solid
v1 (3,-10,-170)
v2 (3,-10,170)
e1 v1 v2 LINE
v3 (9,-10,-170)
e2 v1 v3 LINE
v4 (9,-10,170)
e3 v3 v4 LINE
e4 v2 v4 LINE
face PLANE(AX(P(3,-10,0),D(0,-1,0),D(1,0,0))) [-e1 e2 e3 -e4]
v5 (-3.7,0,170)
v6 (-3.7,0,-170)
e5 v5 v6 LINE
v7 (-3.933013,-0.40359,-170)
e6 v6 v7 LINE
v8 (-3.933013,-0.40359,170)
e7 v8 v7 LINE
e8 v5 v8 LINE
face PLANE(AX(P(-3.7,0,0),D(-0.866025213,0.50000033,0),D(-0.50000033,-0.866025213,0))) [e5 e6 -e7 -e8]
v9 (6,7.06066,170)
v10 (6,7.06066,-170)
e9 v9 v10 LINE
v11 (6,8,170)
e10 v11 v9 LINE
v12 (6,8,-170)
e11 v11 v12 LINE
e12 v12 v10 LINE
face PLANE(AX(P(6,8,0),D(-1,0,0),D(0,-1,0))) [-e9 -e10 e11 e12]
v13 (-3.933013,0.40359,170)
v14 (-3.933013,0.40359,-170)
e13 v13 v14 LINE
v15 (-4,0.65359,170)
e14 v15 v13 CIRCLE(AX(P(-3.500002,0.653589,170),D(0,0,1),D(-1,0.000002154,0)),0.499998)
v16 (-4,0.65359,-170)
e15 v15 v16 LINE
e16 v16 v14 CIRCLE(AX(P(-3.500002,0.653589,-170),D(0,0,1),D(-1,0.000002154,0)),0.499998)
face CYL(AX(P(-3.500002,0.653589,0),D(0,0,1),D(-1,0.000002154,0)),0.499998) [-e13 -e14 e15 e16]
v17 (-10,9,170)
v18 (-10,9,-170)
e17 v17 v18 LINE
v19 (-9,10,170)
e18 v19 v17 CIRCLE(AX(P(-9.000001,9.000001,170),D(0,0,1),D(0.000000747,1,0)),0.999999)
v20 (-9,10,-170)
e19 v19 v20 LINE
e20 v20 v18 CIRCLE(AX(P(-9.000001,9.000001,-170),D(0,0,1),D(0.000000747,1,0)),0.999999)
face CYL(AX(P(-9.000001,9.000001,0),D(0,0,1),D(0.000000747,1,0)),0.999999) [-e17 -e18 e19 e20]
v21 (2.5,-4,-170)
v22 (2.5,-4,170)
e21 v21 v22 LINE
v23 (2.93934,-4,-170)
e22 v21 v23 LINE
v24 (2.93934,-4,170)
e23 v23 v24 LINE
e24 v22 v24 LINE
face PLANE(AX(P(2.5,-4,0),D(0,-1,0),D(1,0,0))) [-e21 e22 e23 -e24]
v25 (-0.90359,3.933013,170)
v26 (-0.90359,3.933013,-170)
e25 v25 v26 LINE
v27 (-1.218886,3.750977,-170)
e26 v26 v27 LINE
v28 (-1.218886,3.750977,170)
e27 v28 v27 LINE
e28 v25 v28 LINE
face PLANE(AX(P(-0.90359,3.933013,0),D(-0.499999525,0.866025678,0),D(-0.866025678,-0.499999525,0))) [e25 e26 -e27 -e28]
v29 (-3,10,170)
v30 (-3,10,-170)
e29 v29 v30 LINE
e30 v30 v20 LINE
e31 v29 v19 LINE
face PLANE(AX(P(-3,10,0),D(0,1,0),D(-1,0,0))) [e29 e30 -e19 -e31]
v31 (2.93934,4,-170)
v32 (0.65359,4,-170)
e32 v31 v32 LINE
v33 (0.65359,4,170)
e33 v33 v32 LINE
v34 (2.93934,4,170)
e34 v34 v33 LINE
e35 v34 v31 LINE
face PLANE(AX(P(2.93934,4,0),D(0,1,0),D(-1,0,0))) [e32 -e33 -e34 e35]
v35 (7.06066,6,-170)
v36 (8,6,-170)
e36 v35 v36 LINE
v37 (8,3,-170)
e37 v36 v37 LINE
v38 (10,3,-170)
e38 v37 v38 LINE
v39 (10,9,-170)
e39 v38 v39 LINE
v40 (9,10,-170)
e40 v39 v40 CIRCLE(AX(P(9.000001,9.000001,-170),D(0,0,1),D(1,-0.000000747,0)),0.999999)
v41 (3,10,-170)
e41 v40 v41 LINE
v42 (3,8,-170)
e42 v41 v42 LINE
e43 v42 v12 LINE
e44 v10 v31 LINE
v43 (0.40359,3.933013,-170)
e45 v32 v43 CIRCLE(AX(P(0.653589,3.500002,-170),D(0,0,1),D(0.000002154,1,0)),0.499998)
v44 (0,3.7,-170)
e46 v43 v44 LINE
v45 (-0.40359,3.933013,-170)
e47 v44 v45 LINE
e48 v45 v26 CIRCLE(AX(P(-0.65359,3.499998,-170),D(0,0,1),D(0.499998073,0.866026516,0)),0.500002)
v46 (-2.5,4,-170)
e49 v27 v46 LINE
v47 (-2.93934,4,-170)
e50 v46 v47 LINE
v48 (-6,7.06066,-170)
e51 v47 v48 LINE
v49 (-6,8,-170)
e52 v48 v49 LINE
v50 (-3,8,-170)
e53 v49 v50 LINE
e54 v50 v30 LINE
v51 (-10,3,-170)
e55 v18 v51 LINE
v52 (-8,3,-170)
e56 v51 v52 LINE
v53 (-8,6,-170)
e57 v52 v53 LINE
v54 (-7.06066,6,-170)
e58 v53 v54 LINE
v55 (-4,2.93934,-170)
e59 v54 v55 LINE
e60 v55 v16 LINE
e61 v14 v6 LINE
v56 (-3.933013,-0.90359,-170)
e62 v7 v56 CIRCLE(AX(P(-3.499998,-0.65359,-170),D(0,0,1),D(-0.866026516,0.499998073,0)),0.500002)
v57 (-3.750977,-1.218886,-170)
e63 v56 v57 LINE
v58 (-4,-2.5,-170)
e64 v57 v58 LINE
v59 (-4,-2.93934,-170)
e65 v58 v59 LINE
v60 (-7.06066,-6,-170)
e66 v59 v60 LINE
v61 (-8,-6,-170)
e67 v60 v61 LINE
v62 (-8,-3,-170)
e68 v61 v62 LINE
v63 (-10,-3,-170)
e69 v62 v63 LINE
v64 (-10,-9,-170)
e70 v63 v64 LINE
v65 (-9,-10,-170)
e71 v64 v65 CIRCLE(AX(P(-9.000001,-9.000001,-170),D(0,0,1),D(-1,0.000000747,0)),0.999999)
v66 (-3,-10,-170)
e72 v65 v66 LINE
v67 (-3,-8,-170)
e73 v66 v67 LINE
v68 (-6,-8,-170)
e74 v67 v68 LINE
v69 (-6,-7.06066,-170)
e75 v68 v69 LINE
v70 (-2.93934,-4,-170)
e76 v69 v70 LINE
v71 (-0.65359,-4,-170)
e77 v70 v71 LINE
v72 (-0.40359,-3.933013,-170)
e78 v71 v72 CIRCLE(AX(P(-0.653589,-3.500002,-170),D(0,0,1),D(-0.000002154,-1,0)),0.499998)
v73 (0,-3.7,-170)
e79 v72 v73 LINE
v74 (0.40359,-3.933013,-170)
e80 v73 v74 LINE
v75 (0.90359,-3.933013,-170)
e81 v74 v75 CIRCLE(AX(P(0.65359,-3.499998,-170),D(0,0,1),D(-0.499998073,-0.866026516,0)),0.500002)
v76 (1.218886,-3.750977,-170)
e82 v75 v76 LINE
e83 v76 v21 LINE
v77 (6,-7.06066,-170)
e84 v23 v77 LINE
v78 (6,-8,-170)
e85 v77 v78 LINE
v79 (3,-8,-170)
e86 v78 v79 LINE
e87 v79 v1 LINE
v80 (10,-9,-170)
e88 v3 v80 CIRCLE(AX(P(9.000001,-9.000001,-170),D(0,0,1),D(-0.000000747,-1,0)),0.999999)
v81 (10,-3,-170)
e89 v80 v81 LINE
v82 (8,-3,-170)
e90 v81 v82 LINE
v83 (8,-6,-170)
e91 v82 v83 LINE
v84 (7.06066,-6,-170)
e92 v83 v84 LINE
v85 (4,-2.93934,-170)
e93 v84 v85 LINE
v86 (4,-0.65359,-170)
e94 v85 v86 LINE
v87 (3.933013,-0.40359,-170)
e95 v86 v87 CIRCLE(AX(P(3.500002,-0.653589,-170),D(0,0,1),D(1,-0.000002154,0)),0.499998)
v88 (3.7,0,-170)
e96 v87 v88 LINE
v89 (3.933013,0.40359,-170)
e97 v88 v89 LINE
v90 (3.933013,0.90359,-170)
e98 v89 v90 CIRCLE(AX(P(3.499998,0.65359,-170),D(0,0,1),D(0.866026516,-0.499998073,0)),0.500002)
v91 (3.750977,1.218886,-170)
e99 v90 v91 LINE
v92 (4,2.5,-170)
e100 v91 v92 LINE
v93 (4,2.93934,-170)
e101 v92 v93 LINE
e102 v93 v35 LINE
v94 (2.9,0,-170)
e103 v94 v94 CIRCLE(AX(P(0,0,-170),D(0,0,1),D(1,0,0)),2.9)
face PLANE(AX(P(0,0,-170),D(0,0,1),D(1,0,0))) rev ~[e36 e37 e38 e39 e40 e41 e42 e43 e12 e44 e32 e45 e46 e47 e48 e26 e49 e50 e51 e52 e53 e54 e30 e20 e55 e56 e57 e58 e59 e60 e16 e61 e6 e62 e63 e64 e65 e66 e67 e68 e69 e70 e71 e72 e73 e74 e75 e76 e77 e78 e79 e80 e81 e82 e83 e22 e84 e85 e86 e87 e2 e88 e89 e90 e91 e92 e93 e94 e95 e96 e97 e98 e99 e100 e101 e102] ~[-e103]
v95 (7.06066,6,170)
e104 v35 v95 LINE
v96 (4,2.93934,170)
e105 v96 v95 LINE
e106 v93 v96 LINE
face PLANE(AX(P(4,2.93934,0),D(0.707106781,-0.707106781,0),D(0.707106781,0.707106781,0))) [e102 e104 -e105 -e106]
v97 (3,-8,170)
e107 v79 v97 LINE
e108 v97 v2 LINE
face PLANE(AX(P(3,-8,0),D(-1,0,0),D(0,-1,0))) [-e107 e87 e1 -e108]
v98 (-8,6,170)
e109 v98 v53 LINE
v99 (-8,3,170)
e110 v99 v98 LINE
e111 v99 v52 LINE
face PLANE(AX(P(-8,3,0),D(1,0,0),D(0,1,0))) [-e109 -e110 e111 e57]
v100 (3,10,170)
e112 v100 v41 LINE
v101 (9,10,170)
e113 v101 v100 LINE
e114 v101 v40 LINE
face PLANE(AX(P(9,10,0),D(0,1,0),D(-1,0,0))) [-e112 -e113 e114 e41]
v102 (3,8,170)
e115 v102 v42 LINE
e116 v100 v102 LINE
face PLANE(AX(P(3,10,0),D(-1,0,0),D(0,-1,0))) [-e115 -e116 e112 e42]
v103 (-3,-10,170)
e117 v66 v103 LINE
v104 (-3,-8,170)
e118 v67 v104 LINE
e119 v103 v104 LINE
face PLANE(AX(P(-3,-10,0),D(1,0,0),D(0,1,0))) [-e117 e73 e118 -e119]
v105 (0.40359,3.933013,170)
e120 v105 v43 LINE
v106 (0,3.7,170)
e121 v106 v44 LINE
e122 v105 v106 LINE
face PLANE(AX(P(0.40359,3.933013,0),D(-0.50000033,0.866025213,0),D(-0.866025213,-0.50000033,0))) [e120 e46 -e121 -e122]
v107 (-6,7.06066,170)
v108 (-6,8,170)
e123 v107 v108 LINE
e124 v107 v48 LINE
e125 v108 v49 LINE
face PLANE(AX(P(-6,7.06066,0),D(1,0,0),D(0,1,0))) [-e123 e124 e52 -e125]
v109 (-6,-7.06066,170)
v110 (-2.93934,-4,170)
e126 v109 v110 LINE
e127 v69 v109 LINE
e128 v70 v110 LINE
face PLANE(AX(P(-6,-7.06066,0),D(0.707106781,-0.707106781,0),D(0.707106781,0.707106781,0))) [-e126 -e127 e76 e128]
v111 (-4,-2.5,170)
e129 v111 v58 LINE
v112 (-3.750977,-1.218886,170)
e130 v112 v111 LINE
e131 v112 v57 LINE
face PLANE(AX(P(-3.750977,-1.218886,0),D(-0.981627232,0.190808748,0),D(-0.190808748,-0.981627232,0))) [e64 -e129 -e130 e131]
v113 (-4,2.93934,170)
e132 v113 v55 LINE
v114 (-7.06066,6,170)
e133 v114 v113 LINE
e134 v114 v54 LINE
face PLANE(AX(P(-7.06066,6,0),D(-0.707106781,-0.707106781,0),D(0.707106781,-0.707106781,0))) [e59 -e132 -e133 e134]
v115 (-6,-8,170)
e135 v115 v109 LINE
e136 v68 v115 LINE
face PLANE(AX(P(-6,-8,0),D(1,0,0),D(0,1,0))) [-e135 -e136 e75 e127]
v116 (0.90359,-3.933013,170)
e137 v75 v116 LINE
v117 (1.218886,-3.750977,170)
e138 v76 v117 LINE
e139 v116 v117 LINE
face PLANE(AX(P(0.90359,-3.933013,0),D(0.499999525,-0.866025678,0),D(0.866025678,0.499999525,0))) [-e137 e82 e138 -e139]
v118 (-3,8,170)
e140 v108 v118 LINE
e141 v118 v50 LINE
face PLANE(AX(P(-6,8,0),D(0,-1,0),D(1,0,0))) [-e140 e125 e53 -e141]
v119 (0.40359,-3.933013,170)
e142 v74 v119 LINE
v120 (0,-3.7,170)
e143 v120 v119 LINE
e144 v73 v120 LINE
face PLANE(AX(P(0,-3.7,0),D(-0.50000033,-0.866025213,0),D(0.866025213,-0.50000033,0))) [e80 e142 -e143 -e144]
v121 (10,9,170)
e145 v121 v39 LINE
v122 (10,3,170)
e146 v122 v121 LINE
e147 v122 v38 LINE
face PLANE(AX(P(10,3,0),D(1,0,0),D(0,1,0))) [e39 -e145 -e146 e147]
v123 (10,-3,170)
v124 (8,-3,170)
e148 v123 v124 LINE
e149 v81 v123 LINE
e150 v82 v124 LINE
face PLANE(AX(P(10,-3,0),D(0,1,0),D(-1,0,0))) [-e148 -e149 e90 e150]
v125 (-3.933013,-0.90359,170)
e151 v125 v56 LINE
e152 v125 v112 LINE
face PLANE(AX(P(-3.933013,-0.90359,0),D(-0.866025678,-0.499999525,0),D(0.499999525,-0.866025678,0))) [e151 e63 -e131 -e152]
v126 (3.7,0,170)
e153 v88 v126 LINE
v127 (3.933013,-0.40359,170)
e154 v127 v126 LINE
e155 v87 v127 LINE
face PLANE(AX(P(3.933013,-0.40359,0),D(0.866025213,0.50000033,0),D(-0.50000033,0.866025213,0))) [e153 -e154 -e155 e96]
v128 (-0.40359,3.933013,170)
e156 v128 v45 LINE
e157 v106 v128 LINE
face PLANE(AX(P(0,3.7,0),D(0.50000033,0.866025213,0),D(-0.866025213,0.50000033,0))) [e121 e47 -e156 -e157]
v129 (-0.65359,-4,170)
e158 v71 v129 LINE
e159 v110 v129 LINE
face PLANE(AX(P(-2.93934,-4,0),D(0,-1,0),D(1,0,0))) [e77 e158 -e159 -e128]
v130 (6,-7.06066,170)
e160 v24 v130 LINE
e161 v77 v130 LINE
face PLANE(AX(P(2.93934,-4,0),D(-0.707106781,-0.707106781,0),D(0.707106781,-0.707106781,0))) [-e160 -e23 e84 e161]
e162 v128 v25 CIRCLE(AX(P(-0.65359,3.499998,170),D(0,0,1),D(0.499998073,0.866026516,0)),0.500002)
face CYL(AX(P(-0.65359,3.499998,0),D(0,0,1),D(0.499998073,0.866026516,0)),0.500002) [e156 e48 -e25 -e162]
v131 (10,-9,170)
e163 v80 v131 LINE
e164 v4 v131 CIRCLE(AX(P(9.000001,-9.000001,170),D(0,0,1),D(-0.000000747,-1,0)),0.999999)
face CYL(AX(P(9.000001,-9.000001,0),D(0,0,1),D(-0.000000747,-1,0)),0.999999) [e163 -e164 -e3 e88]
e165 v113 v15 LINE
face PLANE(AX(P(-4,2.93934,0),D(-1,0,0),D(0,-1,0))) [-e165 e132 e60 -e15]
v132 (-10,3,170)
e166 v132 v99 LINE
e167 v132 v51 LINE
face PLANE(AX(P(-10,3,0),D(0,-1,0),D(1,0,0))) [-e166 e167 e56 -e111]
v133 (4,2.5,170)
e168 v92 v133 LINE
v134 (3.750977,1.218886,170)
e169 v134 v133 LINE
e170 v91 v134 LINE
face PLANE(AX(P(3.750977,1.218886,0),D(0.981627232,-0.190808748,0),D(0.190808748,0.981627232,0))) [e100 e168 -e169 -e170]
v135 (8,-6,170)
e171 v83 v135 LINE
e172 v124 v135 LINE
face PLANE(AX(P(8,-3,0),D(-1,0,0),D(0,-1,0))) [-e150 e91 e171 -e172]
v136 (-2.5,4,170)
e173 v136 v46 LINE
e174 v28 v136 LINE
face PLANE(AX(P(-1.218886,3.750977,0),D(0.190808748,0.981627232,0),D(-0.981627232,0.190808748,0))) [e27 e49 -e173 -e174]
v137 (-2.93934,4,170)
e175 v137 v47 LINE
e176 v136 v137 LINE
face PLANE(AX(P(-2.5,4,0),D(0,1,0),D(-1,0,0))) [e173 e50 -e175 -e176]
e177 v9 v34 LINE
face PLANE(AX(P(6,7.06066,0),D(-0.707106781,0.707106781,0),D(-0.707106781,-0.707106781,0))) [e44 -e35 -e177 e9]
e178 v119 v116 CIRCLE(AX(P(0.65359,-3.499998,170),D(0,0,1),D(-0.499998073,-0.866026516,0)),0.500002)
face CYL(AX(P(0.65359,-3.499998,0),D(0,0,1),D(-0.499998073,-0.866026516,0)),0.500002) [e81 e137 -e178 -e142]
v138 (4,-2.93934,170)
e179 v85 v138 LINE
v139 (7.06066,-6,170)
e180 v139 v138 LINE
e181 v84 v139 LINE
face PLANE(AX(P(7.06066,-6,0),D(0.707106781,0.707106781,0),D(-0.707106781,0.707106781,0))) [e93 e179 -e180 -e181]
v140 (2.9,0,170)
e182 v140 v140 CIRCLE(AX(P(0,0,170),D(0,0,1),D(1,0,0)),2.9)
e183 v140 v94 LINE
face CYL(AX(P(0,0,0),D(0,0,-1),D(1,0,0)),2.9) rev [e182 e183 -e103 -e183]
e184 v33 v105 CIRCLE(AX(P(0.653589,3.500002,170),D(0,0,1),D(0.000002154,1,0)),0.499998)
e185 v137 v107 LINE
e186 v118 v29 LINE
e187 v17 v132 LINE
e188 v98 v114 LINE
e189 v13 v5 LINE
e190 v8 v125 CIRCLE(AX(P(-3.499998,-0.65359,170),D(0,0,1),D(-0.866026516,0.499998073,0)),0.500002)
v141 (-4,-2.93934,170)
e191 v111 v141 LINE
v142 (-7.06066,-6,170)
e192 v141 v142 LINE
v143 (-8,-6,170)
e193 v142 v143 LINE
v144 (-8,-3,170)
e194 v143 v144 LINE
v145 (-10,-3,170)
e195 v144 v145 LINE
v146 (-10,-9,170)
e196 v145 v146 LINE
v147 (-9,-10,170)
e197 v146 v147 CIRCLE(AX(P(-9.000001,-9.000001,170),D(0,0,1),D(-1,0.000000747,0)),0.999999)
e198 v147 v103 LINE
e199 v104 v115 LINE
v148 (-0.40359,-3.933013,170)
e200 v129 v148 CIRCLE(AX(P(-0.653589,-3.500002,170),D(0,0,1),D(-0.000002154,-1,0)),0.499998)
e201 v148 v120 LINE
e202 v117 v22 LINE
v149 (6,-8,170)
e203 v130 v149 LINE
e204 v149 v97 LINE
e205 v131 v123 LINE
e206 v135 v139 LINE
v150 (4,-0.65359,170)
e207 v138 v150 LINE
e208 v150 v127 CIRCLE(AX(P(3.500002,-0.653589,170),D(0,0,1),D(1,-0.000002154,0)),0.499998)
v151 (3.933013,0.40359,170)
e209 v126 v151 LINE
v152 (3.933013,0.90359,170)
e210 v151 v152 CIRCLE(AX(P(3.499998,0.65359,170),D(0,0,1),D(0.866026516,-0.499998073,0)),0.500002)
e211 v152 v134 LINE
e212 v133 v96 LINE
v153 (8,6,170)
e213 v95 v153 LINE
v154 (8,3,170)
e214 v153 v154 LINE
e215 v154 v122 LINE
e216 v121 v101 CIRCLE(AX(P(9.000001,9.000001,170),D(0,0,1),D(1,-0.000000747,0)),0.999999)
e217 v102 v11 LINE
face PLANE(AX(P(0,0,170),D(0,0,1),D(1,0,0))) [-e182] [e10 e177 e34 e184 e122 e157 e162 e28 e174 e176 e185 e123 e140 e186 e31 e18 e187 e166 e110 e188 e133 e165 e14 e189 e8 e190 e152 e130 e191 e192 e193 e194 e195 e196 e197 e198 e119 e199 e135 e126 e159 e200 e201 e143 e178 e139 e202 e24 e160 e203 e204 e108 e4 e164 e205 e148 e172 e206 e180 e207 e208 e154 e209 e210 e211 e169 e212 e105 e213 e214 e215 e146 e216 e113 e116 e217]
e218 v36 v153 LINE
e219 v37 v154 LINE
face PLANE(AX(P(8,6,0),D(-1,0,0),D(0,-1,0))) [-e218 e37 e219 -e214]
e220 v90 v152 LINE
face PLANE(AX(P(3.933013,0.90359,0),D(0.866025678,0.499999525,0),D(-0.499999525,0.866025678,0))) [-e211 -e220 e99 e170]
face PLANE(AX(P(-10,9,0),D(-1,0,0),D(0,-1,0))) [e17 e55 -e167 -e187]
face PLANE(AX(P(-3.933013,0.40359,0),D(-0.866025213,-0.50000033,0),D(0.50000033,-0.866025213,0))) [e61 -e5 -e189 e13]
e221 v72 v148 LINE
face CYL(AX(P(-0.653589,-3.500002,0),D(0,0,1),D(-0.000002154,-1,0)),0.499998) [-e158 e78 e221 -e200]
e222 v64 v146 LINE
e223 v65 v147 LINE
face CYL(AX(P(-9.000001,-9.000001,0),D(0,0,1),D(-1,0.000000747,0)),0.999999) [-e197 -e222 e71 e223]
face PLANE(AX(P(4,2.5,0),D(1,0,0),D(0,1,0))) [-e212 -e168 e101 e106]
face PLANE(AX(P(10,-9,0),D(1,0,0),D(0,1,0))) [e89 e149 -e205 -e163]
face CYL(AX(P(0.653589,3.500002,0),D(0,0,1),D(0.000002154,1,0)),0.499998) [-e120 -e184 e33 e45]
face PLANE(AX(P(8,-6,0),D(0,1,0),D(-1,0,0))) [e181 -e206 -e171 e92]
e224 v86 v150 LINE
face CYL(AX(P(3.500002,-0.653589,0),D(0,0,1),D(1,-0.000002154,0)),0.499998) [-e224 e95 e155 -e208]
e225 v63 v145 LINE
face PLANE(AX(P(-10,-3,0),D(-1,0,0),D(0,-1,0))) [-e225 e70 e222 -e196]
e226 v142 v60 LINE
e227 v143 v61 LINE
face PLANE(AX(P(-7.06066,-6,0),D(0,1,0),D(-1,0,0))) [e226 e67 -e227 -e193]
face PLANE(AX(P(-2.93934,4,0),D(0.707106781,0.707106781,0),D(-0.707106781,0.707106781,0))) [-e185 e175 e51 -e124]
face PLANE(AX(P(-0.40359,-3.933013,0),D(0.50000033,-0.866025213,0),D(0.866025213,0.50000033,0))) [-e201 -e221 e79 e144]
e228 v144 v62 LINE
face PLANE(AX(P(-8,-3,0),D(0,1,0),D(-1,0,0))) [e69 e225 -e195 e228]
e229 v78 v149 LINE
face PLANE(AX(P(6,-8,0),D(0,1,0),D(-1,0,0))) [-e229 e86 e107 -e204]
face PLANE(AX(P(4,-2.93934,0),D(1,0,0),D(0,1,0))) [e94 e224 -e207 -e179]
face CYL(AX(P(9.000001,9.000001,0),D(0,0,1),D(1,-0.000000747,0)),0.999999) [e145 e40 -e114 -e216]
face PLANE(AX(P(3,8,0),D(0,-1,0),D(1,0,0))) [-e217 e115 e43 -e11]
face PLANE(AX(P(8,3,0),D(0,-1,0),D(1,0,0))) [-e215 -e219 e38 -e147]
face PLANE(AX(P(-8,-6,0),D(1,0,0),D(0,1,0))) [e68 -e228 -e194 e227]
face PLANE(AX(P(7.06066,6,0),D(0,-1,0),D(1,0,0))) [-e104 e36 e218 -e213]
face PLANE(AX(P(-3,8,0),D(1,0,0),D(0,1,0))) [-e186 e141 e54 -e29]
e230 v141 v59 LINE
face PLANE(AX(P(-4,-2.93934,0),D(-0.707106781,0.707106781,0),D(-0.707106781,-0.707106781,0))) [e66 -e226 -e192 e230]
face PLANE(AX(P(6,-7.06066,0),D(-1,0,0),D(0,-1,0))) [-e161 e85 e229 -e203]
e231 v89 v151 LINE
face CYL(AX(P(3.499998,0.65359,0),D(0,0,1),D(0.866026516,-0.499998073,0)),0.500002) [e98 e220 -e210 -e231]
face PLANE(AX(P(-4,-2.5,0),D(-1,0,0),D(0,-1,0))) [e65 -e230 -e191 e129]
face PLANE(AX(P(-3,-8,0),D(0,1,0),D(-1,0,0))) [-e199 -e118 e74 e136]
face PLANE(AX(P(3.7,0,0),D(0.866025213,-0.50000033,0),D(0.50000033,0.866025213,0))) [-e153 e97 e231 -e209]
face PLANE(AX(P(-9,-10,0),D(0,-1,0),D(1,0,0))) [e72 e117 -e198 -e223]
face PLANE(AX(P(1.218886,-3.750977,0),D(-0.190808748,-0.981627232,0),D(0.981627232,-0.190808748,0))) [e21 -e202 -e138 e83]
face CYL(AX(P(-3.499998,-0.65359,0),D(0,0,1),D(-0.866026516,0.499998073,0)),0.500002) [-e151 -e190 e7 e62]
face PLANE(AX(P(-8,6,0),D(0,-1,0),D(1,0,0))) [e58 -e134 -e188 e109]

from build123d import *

# Parameters (mm, degrees)
SKETCH001_R = 2.9
PAD_DEPTH   = 170


with BuildPart() as part:
    # Sketch001 → Pad (new body, symmetric)
    with BuildSketch(Plane.XY):
        with BuildLine():
            Line((-8, -3), (-10, -3))
            Line((-10, -3), (-10, -9))
            ThreePointArc((-10, -9), (-9.707107, -9.707107), (-9, -10))
            Line((-9, -10), (-3, -10))
            Line((-3, -10), (-3, -8))
            Line((-3, -8), (-6, -8))
            Line((-6, -8), (-6, -7.06066))
            Line((-6, -7.06066), (-2.93934, -4))
            Line((-2.93934, -4), (-0.65359, -4))
            ThreePointArc((-0.65359, -4), (-0.52418, -3.982963), (-0.40359, -3.933013))
            Line((-0.40359, -3.933013), (0, -3.7))
            Line((0, -3.7), (0.40359, -3.933013))
            ThreePointArc((0.40359, -3.933013), (0.65359, -4), (0.90359, -3.933013))
            Line((0.90359, -3.933013), (1.218886, -3.750977))
            Line((1.218886, -3.750977), (2.5, -4))
            Line((2.5, -4), (2.93934, -4))
            Line((2.93934, -4), (6, -7.06066))
            Line((6, -7.06066), (6, -8))
            Line((6, -8), (3, -8))
            Line((3, -8), (3, -10))
            Line((3, -10), (9, -10))
            ThreePointArc((9, -10), (9.707107, -9.707107), (10, -9))
            Line((10, -9), (10, -3))
            Line((10, -3), (8, -3))
            Line((8, -3), (8, -6))
            Line((8, -6), (7.06066, -6))
            Line((7.06066, -6), (4, -2.93934))
            Line((4, -2.93934), (4, -0.65359))
            ThreePointArc((4, -0.65359), (3.982963, -0.52418), (3.933013, -0.40359))
            Line((3.933013, -0.40359), (3.7, 0))
            Line((3.7, 0), (3.933013, 0.40359))
            ThreePointArc((3.933013, 0.40359), (4, 0.65359), (3.933013, 0.90359))
            Line((3.933013, 0.90359), (3.750977, 1.218886))
            Line((3.750977, 1.218886), (4, 2.5))
            Line((4, 2.5), (4, 2.93934))
            Line((4, 2.93934), (7.06066, 6))
            Line((7.06066, 6), (8, 6))
            Line((8, 6), (8, 3))
            Line((8, 3), (10, 3))
            Line((10, 3), (10, 9))
            ThreePointArc((10, 9), (9.707107, 9.707107), (9, 10))
            Line((9, 10), (3, 10))
            Line((3, 10), (3, 8))
            Line((3, 8), (6, 8))
            Line((6, 8), (6, 7.06066))
            Line((6, 7.06066), (2.93934, 4))
            Line((2.93934, 4), (0.65359, 4))
            ThreePointArc((0.65359, 4), (0.52418, 3.982963), (0.40359, 3.933013))
            Line((0.40359, 3.933013), (0, 3.7))
            Line((0, 3.7), (-0.40359, 3.933013))
            ThreePointArc((-0.40359, 3.933013), (-0.65359, 4), (-0.90359, 3.933013))
            Line((-0.90359, 3.933013), (-1.218886, 3.750977))
            Line((-1.218886, 3.750977), (-2.5, 4))
            Line((-2.5, 4), (-2.93934, 4))
            Line((-2.93934, 4), (-6, 7.06066))
            Line((-6, 7.06066), (-6, 8))
            Line((-6, 8), (-3, 8))
            Line((-3, 8), (-3, 10))
            Line((-3, 10), (-9, 10))
            ThreePointArc((-9, 10), (-9.707107, 9.707107), (-10, 9))
            Line((-10, 9), (-10, 3))
            Line((-10, 3), (-8, 3))
            Line((-8, 3), (-8, 6))
            Line((-8, 6), (-7.06066, 6))
            Line((-7.06066, 6), (-4, 2.93934))
            Line((-4, 2.93934), (-4, 0.65359))
            ThreePointArc((-4, 0.65359), (-3.982963, 0.52418), (-3.933013, 0.40359))
            Line((-3.933013, 0.40359), (-3.7, 0))
            Line((-3.7, 0), (-3.933013, -0.40359))
            ThreePointArc((-3.933013, -0.40359), (-4, -0.65359), (-3.933013, -0.90359))
            Line((-3.933013, -0.90359), (-3.750977, -1.218886))
            Line((-3.750977, -1.218886), (-4, -2.5))
            Line((-4, -2.5), (-4, -2.93934))
            Line((-4, -2.93934), (-7.06066, -6))
            Line((-7.06066, -6), (-8, -6))
            Line((-8, -6), (-8, -3))
        make_face()
        Circle(SKETCH001_R, mode=Mode.SUBTRACT)
    extrude(amount=PAD_DEPTH, both=True)


solid = part.part
